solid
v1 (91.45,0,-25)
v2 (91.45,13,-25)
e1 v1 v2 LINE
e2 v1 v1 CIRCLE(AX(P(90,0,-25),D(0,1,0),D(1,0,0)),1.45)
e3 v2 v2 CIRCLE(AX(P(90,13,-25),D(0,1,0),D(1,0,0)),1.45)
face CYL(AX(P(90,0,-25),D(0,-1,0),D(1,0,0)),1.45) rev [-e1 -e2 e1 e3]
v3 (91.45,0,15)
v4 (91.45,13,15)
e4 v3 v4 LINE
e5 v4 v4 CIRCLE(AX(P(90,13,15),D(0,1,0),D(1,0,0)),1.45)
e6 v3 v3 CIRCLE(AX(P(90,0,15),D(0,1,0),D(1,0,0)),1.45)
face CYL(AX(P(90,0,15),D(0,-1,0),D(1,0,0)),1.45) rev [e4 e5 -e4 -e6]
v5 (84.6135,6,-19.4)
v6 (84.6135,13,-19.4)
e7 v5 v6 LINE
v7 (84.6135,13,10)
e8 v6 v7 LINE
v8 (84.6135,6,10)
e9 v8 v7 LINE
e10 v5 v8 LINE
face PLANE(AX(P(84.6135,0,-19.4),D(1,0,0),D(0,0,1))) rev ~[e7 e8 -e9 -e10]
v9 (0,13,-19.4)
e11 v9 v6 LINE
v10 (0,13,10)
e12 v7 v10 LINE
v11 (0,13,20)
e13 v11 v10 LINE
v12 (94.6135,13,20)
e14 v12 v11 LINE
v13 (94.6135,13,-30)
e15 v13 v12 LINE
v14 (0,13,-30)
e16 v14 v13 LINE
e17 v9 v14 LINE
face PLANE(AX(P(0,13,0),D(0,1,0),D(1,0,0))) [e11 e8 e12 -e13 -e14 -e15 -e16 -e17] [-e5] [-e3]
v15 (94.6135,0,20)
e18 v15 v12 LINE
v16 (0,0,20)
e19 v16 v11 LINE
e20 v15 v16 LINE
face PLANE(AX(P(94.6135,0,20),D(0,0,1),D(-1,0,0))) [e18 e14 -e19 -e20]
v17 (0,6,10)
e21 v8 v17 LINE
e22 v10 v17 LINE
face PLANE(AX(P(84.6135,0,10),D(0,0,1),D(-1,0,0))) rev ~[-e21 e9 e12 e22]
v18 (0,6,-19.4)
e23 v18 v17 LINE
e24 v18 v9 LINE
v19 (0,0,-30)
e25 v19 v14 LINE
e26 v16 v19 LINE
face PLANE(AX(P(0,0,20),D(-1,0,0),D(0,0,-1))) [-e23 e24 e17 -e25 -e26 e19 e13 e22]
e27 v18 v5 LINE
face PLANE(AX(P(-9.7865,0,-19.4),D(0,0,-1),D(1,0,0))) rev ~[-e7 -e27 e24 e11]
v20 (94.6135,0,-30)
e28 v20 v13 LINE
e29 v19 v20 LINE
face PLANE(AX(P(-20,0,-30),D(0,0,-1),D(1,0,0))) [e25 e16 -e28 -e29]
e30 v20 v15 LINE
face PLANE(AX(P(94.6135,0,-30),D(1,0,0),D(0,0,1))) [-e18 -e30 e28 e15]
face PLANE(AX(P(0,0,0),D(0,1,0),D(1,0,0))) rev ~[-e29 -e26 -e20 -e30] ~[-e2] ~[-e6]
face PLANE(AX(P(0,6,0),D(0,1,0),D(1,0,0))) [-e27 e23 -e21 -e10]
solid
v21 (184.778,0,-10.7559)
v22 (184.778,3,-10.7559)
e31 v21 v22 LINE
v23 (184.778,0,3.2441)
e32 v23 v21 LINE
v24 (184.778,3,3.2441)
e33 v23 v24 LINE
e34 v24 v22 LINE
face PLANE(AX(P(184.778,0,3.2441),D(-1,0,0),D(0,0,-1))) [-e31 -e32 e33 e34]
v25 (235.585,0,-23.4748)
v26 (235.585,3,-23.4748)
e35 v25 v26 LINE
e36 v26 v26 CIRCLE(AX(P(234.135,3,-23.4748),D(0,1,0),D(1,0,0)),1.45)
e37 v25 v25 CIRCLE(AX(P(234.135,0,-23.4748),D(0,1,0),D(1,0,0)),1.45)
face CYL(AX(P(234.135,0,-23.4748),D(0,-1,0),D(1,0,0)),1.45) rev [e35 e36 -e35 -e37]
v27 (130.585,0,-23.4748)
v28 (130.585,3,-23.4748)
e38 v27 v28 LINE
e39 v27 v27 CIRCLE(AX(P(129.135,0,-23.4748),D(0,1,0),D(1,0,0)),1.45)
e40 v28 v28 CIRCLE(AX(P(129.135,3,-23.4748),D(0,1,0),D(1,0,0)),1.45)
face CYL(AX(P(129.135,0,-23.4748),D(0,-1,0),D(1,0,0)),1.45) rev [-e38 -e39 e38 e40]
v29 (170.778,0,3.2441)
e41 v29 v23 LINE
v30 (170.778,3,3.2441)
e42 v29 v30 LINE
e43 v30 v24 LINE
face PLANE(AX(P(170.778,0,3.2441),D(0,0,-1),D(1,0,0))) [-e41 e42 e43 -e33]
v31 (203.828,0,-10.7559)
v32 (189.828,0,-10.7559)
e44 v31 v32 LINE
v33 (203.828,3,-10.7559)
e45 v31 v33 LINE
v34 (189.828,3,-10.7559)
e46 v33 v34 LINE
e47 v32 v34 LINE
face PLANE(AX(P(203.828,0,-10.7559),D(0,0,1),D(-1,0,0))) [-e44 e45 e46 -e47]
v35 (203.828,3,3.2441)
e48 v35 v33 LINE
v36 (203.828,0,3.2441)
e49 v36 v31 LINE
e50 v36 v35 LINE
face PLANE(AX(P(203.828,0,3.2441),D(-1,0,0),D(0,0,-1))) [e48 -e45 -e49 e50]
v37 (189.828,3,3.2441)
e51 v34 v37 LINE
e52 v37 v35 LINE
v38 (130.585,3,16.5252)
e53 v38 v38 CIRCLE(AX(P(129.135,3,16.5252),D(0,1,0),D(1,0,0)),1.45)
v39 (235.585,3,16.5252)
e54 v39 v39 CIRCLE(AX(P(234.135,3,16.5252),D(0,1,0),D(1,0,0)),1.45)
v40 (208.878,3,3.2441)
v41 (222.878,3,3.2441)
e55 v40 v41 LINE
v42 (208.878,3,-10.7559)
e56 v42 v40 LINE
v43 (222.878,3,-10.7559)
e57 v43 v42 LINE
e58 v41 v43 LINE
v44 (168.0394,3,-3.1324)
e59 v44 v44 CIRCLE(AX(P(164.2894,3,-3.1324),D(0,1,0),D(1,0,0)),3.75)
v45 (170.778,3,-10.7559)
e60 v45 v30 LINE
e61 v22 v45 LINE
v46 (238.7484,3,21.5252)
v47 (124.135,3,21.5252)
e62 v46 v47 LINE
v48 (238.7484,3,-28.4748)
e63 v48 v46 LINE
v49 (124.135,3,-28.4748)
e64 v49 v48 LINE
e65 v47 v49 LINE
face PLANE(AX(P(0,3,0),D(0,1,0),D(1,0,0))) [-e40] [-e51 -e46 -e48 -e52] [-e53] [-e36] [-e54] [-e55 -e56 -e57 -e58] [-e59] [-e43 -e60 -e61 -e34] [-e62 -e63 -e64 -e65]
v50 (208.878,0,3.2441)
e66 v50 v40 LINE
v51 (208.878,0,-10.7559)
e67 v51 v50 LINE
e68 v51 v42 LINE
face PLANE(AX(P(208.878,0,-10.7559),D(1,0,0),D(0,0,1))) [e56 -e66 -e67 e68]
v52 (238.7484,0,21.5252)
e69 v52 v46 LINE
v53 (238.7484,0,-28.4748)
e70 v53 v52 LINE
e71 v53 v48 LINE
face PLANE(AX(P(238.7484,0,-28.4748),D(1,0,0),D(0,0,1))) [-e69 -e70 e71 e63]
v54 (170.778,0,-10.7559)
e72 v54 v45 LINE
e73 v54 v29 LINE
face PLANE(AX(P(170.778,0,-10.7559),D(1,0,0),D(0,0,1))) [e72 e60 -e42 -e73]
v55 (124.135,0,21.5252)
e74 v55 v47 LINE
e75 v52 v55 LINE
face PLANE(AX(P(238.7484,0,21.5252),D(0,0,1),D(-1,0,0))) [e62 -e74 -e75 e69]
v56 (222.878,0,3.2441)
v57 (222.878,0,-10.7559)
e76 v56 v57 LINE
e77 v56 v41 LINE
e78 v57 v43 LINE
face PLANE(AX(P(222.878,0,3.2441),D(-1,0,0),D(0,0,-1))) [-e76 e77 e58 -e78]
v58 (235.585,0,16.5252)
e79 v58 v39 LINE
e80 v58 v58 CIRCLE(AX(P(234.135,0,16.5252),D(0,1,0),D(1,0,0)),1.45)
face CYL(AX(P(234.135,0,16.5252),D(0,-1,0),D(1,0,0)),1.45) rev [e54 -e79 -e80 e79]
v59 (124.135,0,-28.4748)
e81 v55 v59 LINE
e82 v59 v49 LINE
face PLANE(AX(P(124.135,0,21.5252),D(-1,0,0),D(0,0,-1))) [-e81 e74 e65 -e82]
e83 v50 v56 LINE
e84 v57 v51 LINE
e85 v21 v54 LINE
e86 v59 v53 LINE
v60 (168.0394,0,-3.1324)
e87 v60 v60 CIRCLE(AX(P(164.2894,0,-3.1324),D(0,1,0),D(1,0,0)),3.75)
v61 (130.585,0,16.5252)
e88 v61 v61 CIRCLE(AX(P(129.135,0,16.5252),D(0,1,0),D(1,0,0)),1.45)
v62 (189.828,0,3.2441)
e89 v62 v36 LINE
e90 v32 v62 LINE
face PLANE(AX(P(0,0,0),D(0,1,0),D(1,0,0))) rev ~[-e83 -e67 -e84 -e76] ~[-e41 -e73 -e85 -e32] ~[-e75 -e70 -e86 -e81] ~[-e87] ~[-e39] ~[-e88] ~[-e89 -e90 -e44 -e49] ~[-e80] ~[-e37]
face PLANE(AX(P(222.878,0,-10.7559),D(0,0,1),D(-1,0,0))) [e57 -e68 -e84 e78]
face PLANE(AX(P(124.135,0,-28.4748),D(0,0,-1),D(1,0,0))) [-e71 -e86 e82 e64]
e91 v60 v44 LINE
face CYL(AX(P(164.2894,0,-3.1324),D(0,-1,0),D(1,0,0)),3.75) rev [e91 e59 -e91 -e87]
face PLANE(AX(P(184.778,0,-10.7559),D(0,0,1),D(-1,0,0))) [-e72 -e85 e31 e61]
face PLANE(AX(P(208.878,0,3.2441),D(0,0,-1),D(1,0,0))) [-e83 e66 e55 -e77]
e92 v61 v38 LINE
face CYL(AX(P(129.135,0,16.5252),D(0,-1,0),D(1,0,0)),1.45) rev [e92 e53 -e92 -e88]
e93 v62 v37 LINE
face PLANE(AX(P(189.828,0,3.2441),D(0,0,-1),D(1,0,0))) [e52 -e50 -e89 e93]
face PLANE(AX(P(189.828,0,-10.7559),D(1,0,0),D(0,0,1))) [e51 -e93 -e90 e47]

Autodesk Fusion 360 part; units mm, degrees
sketch "Sketch1" plane through (0, 0, 0) normal (0, 1, 0) x (1, 0, 0)
  line L0 (-9.7865, 19.4) -> (84.6135, 19.4)
  line L1 (84.6135, 19.4) -> (84.6135, -10)
  line L2 (84.6135, -10) -> (-9.7865, -10)
  line L3 (-9.7865, -10) -> (-9.7865, 19.4)
  line L4 (-20, 30) -> (94.6135, 30)
  line L5 (94.6135, 30) -> (94.6135, -20)
  line L6 (94.6135, -20) -> (-20, -20)
  line L7 (-20, -20) -> (-20, 30)
  circle A0 centre (-15, 25) radius 1.45
  circle A1 centre (-15, -15) radius 1.45
  circle A2 centre (90, -15) radius 1.45
  circle A3 centre (90, 25) radius 1.45
  dimension "d1" = 94.4
  dimension "d2" = 29.4
  dimension "d5" = 2.9
  dimension "d6" = 2.9
  dimension "d7" = 2.9
  dimension "d8" = 2.9
extrude "Extrude4" add sketch "Sketch1" along normal blind 13 makes body 1
extrude "Extrude5" add sketch "Sketch1" along normal blind 3 contours L0 L1 L2 L3 bodies 1
sketch "kbplate" plane through (0, 0, 0) normal (0, 1, 0) x (1, 0, 0)
  line L0 (170.778, -3.2441) -> (184.778, -3.2441)
  line L1 (184.778, 10.7559) -> (170.778, 10.7559)
  line L2 (184.778, -3.2441) -> (184.778, 10.7559)
  line L3 (170.778, 10.7559) -> (170.778, -3.2441)
  line L4 (189.828, -3.2441) -> (203.828, -3.2441)
  line L5 (203.828, 10.7559) -> (189.828, 10.7559)
  line L6 (203.828, -3.2441) -> (203.828, 10.7559)
  line L7 (189.828, 10.7559) -> (189.828, -3.2441)
  line L8 (208.878, -3.2441) -> (222.878, -3.2441)
  line L9 (222.878, 10.7559) -> (208.878, 10.7559)
  line L10 (222.878, -3.2441) -> (222.878, 10.7559)
  line L11 (208.878, 10.7559) -> (208.878, -3.2441)
  circle A0 centre (164.2894, 3.1324) radius 3.75
  circle A1 centre (129.135, -16.5252) radius 1.45
  line L12 (238.7484, -21.5252) -> (124.135, -21.5252)
  line L13 (124.135, 28.4748) -> (238.7484, 28.4748)
  circle A2 centre (234.135, 23.4748) radius 1.45
  circle A3 centre (234.135, -16.5252) radius 1.45
  circle A4 centre (129.135, 23.4748) radius 1.45
  line L14 (238.7484, 28.4748) -> (238.7484, -21.5252)
  line L15 (124.135, -21.5252) -> (124.135, 28.4748)
  point P0 (144.135, -1.5252)
  dimension "d21" = 7.5
  dimension "d30" = 2.9
  dimension "d31" = 2.9
  dimension "d32" = 2.9
  dimension "d33" = 2.9
extrude "Extrude6" add 1 faces at (53.1468, 3, 0.2) along direction (0, 1, 0) blind 3 on bodies 1 bodies 1
extrude "Extrude9" add sketch "kbplate" along normal blind 3 separate body makes body 2
extrude "Extrude10" cut 1 faces at (-20, 4.3333, 3.3333) along direction (1, 0, 0) blind 10 on bodies 1 bodies 1
extrude "Extrude11" cut 1 faces at (-10, 4.3333, 3.3333) along direction (1, 0, 0) blind 10 on bodies 1 bodies 1
sketch "Sketch6" plane through (0, 0, 0) normal (1, 0, 0) x (0, 0, -1)
